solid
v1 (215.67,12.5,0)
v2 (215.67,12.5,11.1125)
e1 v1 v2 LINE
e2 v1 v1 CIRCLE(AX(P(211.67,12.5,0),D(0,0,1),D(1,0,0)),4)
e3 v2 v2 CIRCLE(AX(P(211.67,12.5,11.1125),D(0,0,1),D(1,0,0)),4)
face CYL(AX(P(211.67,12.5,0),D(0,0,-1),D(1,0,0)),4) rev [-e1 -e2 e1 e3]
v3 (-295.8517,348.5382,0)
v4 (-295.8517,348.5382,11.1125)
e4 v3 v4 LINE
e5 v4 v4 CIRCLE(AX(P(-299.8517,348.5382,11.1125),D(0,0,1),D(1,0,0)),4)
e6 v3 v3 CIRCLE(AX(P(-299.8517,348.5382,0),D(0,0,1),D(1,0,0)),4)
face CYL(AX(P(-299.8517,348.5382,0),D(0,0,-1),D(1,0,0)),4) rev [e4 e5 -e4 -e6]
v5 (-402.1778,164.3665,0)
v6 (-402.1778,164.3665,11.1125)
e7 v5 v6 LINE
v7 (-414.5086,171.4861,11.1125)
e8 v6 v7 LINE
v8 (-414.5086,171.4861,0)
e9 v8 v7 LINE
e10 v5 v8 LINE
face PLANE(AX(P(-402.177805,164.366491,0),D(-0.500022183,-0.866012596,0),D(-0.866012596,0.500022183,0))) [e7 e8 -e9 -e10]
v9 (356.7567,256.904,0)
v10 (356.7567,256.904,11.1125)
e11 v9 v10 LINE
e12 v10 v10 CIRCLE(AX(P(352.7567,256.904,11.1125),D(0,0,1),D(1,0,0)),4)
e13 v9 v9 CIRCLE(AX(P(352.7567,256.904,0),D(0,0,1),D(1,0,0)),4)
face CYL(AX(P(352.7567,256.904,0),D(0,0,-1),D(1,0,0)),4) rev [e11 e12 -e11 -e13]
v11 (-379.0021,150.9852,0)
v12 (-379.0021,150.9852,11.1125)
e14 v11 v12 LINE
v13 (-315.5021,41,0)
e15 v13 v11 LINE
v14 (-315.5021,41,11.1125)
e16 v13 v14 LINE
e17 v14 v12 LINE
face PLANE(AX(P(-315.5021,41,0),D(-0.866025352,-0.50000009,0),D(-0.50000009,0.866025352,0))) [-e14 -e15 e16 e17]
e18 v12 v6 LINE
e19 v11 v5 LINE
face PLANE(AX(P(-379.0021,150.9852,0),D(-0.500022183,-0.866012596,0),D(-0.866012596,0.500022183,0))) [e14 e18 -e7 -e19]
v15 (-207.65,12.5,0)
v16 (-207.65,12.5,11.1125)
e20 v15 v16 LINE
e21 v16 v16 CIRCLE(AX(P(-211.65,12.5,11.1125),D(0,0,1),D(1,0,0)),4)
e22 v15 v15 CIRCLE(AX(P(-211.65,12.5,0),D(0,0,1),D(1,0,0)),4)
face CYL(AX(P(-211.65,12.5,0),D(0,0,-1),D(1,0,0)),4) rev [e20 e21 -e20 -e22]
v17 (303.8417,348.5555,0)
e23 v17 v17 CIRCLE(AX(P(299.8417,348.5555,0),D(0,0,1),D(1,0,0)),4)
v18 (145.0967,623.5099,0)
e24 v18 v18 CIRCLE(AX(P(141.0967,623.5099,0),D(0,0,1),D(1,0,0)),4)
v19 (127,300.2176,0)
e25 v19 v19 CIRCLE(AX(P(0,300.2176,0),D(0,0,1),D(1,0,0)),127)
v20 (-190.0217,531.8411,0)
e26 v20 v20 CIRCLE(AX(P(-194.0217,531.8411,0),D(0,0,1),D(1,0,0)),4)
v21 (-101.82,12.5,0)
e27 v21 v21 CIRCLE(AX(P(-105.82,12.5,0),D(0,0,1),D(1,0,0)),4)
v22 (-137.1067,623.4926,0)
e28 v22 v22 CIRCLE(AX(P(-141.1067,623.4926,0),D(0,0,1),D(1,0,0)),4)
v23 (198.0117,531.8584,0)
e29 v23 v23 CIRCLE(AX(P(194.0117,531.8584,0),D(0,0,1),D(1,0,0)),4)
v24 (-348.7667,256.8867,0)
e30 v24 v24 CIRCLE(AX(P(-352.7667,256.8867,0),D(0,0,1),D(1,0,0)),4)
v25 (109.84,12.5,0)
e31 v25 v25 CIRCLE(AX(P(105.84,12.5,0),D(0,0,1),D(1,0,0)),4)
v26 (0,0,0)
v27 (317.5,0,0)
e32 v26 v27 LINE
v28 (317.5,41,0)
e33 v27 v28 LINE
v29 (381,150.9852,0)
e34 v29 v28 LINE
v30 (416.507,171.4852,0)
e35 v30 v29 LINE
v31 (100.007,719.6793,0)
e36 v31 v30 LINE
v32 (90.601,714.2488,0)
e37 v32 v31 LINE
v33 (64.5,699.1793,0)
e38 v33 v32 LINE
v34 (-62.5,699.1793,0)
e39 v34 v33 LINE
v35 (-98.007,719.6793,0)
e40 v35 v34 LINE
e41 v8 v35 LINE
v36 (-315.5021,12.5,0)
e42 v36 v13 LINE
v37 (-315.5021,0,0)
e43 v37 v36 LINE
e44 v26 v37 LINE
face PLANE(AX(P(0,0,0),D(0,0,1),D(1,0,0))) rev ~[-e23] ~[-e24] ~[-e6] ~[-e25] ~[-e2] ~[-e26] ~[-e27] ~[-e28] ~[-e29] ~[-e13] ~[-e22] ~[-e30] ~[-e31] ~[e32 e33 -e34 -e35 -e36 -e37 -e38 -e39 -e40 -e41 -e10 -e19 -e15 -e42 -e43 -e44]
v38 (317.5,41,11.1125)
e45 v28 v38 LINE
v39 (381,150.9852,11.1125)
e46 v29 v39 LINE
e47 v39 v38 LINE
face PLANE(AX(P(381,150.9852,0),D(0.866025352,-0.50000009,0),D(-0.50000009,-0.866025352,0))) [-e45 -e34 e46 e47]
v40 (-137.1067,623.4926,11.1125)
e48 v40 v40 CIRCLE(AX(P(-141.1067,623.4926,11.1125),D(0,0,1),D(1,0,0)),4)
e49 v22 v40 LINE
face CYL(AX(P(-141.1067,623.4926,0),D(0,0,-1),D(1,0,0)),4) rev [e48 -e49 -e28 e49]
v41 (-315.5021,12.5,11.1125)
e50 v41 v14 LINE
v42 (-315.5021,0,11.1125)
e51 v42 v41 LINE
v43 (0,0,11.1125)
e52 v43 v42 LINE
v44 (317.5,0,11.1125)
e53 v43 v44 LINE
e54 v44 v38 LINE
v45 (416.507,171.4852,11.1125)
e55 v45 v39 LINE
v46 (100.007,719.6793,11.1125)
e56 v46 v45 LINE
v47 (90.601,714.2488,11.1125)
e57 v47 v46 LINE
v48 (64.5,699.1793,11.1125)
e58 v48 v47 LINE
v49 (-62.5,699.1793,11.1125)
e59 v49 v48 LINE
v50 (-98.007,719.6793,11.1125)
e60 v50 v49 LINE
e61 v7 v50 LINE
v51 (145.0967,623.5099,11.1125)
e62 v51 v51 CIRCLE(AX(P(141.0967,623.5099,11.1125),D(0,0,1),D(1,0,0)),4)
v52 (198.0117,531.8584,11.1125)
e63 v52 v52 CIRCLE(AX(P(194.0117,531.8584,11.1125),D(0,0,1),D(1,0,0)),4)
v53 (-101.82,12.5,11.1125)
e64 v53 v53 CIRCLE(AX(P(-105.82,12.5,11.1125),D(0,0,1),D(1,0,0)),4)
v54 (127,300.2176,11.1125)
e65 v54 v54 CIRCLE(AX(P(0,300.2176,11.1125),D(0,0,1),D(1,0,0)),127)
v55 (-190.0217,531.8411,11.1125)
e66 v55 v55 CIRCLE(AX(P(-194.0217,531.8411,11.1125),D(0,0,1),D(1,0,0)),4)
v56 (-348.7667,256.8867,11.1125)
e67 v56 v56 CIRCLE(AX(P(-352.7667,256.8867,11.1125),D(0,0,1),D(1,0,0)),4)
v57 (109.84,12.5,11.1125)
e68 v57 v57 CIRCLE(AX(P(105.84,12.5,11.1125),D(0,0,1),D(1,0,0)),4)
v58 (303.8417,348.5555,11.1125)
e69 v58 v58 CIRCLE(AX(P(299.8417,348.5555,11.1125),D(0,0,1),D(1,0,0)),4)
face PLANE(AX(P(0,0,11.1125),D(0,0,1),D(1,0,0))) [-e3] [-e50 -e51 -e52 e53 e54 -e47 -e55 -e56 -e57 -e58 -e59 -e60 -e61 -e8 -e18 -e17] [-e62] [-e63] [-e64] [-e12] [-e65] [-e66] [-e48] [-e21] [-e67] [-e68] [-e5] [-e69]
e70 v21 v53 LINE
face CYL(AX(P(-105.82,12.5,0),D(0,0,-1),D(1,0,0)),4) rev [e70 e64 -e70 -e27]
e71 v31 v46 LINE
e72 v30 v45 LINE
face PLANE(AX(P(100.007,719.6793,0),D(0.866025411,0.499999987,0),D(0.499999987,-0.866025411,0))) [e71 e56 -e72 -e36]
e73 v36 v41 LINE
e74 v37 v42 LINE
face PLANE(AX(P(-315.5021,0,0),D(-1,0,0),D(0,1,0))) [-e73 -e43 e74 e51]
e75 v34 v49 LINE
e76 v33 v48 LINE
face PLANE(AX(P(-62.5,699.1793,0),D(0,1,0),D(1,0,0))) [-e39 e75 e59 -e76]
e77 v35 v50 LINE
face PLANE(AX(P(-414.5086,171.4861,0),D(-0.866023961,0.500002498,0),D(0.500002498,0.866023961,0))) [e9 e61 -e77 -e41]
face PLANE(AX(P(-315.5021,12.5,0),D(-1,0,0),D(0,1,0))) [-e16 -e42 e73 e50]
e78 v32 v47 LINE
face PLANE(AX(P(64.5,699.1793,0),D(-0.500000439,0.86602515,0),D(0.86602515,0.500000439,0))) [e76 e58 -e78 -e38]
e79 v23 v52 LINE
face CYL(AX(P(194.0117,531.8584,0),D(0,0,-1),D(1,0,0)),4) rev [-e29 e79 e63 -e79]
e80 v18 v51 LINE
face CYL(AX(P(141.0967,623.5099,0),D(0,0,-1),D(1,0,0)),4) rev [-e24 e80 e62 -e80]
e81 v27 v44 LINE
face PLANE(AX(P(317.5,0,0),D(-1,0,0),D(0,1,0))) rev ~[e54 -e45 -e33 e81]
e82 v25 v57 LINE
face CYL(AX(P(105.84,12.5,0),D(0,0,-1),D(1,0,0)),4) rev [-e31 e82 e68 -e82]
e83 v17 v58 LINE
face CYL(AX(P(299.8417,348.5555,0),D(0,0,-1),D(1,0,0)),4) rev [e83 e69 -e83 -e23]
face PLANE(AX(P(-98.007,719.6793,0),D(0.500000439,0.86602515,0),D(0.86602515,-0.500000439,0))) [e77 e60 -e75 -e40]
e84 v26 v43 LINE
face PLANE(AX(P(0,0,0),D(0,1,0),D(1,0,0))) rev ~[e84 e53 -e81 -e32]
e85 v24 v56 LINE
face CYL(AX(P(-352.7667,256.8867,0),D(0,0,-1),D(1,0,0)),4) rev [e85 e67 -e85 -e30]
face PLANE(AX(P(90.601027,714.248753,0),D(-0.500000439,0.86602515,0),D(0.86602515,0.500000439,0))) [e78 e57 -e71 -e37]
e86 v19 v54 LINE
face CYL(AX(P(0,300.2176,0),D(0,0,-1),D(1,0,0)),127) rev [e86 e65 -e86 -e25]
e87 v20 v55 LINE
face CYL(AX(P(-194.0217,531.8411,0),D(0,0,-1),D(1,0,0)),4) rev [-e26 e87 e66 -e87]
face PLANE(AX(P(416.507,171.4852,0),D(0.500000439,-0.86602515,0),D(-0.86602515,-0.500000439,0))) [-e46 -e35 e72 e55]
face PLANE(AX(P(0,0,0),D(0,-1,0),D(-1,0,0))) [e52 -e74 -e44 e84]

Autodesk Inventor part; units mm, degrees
ref_plane "YZ Plane" through (0, 0, 0) normal (1, 0, 0) x (0, 1, 0)
ref_plane "XZ Plane" through (0, 0, 0) normal (0, 1, 0) x (-1, 0, 0)
ref_plane "XY Plane" through (0, 0, 0) normal (0, 0, 1) x (1, 0, 0)
sketch "Sketch1" plane through (0, 0, 0) normal (0, 0, 1) x (1, 0, 0)
  circle A0 centre (0, 300.2176) radius 127
  circle A1 centre (-352.7667, 256.8867) radius 4
  circle A2 centre (-299.8517, 348.5382) radius 4
  circle A3 centre (-194.0217, 531.8411) radius 4
  circle A4 centre (-141.1067, 623.4926) radius 4
  circle A5 centre (141.0967, 623.5099) radius 4
  circle A6 centre (194.0117, 531.8584) radius 4
  circle A7 centre (299.8417, 348.5555) radius 4
  circle A8 centre (352.7567, 256.904) radius 4
  circle A9 centre (211.67, 12.5) radius 4
  circle A10 centre (105.84, 12.5) radius 4
  circle A11 centre (-105.82, 12.5) radius 4
  circle A12 centre (-211.65, 12.5) radius 4
  line L0 (0, 0) -> (317.5, 0)
  line L1 (0, 0) -> (-315.5021, 0)
  line L2 (-315.5021, 0) -> (-315.5021, 41)
  line L3 (317.5, 0) -> (317.5, 41)
  line L4 (-315.5021, 41) -> (-379.0021, 150.9852)
  line L5 (-379.0021, 150.9852) -> (-414.5086, 171.4861)
  line L6 (-414.5086, 171.4861) -> (-98.007, 719.6793)
  line L7 (-98.007, 719.6793) -> (-62.5, 699.1793)
  line L8 (-62.5, 699.1793) -> (64.5, 699.1793)
  line L9 (64.5, 699.1793) -> (100.007, 719.6793)
  line L10 (100.007, 719.6793) -> (416.507, 171.4852)
  line L11 (416.507, 171.4852) -> (381, 150.9852)
  line L12 (381, 150.9852) -> (317.5, 41)
  line L13 (-414.5086, 171.4861) -> (-402.1778, 164.3665)
  line L14 (100.007, 719.6793) -> (90.601, 714.2488)
  line L15 (-315.5021, 0) -> (-315.5021, 12.5)
  point P0 (0, 297.6322)
  point P1 (317.5, 41)
extrude "Extrusion1" add sketch "Sketch1" along normal blind 11.1125
properties part number "HexChris"
